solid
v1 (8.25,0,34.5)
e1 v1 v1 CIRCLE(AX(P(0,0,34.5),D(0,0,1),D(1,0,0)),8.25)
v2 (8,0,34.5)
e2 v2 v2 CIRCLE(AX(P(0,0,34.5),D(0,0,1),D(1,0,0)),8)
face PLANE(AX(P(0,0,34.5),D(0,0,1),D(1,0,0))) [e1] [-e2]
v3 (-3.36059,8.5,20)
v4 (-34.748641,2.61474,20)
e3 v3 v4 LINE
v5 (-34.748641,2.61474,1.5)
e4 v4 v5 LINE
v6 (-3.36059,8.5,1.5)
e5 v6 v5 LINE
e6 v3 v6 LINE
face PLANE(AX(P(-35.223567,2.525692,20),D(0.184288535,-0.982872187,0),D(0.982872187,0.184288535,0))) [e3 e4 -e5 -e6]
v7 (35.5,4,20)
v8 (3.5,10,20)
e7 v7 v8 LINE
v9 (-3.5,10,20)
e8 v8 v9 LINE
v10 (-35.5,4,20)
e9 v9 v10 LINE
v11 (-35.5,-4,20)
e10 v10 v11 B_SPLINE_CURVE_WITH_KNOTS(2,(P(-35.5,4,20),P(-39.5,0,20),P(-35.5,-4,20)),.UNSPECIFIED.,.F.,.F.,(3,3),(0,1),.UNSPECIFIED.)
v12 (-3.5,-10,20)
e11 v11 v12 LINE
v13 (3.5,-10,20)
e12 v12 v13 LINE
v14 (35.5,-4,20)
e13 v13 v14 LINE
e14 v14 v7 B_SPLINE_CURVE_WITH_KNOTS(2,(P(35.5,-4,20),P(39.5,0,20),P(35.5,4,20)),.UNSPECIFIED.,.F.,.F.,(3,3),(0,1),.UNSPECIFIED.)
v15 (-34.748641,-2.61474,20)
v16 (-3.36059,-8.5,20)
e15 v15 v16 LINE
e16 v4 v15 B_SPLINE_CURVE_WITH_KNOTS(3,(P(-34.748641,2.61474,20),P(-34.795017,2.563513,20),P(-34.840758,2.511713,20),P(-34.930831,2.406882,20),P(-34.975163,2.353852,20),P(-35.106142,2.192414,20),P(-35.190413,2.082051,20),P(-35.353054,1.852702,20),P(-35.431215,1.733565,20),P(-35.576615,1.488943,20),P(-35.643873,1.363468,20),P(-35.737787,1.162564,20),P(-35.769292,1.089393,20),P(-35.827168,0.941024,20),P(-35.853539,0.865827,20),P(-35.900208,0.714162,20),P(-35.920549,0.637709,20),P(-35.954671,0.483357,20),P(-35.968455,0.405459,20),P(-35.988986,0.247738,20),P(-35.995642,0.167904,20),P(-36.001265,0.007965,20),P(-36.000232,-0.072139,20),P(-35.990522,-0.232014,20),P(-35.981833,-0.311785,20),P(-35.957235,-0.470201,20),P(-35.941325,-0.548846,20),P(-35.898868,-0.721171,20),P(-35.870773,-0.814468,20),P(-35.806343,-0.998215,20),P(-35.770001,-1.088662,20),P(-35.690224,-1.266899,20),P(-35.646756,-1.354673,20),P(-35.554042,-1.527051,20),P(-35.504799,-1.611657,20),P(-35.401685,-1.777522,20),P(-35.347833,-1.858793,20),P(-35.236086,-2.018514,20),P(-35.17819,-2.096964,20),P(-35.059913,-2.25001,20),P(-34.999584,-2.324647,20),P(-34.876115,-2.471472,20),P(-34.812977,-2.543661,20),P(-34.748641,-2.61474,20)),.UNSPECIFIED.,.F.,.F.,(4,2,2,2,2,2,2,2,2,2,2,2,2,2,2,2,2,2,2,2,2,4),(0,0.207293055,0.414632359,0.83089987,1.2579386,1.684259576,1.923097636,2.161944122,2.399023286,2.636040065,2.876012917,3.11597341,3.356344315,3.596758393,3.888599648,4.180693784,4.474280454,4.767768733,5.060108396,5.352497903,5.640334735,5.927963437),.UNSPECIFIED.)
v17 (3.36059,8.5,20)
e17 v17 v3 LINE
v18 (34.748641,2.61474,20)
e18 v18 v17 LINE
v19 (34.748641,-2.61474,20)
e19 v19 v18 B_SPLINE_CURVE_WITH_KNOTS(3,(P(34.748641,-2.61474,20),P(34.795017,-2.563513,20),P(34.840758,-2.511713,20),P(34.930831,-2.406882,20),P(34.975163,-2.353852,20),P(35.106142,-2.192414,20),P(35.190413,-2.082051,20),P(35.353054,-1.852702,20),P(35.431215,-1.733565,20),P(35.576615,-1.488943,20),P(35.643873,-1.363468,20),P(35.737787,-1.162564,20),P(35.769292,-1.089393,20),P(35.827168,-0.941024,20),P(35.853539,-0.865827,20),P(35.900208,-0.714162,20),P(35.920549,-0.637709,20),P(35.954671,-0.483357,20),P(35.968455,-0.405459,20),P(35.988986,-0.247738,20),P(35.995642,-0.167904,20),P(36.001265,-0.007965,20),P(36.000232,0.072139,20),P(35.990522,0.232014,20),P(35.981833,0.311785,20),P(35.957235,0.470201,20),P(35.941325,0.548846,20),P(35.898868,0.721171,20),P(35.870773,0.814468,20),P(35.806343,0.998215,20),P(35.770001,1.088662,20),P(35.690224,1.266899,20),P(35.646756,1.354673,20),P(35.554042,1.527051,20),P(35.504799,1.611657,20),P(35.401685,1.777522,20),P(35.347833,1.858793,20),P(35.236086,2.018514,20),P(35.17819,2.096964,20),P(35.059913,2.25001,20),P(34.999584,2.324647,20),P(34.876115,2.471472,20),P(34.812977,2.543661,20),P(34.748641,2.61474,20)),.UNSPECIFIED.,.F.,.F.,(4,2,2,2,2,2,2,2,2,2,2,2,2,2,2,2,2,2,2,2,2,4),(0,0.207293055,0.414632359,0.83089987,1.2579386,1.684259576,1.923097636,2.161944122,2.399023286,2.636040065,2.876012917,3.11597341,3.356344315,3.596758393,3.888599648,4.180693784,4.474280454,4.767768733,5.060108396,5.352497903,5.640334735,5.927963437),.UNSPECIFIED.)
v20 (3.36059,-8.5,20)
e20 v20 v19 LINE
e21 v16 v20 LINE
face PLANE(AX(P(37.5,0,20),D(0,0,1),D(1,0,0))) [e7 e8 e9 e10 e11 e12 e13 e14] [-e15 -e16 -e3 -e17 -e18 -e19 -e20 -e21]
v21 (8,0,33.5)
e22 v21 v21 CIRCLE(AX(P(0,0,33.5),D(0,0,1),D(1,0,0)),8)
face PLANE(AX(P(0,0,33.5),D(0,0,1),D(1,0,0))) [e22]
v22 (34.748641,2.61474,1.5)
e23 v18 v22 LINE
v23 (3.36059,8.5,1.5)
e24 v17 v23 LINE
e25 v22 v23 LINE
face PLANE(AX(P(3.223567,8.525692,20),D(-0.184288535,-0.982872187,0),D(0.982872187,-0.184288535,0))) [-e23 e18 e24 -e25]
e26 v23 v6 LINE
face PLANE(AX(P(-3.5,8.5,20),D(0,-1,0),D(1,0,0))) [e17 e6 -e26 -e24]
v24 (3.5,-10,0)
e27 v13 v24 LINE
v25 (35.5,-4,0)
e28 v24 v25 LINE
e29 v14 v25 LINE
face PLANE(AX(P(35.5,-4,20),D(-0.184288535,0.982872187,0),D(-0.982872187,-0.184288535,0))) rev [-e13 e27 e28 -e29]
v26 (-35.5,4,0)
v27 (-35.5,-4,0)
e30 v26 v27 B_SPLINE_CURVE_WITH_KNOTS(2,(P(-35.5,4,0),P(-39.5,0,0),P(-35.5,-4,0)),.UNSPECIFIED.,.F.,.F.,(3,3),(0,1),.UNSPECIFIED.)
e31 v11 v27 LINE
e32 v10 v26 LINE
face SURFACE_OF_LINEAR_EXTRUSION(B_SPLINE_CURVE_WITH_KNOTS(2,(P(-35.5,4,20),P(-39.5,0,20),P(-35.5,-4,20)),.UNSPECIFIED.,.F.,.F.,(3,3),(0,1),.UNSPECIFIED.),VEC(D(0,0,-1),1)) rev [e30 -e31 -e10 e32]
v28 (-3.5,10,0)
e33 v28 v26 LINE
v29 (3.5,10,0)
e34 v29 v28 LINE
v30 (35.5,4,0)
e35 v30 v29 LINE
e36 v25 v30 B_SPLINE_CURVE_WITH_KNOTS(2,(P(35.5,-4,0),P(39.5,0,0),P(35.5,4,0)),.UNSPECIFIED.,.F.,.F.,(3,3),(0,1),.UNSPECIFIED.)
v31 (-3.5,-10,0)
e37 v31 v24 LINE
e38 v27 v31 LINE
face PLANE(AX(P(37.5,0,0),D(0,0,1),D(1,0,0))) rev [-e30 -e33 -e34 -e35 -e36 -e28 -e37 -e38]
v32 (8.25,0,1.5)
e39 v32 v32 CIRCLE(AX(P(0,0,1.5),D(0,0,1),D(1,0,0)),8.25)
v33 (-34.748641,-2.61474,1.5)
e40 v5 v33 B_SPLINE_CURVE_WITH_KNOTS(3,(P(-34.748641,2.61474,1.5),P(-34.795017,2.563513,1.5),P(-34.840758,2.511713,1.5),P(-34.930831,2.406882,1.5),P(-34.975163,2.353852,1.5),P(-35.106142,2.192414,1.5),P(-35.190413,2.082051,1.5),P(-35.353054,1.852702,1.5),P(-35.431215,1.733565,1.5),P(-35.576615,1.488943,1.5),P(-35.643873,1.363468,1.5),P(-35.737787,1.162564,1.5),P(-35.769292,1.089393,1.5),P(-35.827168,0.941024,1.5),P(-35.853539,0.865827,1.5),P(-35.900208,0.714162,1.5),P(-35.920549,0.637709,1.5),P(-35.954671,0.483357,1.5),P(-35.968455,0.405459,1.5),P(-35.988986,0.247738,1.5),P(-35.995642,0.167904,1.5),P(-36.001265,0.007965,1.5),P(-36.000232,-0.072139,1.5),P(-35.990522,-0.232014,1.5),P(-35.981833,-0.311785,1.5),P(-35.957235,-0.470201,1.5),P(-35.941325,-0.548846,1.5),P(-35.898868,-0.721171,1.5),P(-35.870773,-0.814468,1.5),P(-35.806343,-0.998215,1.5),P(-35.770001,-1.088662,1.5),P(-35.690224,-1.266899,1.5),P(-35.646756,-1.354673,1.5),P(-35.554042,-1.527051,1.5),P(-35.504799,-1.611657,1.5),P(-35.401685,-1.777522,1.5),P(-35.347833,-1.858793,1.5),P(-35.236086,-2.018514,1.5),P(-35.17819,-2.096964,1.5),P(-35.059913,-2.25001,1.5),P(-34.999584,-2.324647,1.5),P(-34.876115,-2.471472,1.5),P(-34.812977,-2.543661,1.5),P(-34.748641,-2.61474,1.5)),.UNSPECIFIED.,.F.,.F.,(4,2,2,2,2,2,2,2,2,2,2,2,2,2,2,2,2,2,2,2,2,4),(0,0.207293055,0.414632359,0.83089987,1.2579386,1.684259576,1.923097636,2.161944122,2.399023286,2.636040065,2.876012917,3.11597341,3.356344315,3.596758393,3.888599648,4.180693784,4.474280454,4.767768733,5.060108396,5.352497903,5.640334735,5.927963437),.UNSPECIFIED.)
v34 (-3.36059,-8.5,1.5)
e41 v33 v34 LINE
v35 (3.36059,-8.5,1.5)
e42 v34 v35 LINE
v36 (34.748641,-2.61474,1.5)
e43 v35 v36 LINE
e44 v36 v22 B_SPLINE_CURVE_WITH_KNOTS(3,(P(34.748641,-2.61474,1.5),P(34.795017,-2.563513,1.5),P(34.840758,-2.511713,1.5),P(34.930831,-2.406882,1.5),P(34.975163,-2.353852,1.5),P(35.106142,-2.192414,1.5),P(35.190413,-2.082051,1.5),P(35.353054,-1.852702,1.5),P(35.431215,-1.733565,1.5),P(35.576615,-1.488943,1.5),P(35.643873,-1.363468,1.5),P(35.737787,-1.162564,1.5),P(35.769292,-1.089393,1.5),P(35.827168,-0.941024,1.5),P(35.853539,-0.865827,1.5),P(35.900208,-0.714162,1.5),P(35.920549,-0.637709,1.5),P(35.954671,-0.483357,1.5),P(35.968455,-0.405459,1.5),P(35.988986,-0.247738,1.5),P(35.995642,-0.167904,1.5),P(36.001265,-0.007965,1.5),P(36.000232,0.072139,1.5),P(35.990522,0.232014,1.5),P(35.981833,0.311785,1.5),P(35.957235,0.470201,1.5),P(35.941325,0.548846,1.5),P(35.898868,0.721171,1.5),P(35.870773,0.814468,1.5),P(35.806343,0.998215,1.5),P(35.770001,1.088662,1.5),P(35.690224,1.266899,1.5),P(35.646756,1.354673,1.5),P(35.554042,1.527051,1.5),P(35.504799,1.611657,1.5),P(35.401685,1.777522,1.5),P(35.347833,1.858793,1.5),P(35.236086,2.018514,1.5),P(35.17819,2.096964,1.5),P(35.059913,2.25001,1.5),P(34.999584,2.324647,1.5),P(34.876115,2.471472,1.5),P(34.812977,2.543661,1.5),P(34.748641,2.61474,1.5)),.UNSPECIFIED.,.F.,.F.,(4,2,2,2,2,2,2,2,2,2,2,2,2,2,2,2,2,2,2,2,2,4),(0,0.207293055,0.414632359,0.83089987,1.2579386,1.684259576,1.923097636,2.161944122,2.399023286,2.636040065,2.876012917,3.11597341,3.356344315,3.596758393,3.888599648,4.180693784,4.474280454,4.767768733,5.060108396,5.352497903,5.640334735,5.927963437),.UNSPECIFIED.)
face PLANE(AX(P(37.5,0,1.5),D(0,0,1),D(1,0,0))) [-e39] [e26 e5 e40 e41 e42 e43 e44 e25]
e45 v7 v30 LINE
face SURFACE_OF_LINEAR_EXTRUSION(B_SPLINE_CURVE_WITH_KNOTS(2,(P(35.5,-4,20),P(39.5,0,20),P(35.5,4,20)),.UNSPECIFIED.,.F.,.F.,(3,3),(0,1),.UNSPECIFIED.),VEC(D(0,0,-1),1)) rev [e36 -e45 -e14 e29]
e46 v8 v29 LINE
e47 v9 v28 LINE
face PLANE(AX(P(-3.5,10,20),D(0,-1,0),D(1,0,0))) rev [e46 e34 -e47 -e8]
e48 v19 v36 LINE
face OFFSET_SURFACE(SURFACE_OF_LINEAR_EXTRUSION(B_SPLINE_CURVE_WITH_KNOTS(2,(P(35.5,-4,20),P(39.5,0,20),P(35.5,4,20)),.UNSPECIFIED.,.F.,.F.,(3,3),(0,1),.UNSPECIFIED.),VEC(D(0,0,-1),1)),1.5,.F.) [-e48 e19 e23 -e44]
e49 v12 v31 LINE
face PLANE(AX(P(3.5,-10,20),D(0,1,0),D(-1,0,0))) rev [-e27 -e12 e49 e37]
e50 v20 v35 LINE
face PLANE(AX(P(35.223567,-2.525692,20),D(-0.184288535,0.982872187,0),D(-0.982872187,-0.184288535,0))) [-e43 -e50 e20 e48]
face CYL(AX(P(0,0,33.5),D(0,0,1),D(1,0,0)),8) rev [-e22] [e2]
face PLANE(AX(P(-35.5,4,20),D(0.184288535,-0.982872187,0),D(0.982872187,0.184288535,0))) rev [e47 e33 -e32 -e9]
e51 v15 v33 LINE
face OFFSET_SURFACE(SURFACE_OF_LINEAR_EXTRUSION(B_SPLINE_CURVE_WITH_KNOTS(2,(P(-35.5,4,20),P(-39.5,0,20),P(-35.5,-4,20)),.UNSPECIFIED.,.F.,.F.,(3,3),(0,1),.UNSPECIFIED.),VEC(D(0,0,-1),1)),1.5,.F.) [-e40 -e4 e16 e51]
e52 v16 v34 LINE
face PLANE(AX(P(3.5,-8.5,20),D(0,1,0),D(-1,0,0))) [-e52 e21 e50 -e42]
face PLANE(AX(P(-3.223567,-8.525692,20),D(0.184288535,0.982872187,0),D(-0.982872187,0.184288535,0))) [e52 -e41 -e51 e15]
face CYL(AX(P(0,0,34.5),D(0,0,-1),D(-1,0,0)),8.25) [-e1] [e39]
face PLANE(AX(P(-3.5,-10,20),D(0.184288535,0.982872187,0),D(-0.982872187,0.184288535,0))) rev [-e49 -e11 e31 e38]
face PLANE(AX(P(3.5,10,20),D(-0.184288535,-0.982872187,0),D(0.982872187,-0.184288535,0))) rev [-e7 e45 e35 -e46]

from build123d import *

# Parameters (mm, degrees)
BOSS_EXTRUDE1_DEPTH = 20
SHELL2_T            = -1.5
SKETCH4_R           = 8.25
BOSS_EXTRUDE6_DEPTH = 33
SKETCH5_R           = 8
CUT_EXTRUDE1_DEPTH  = 1


with BuildPart() as part:
    # Sketch1 → Boss-Extrude1 (new body)
    with BuildSketch(Plane.XY):
        with BuildLine():
            Line((-35.5, 4), (-3.5, 10))
            Line((-3.5, 10), (3.5, 10))
            Line((3.5, 10), (35.5, 4))
            add(Edge.make_bspline(
                [(35.5, 4), (39.5, 0), (35.5, -4)],
                knots=[0, 0, 0, 1, 1, 1], degree=2))
            Line((35.5, -4), (3.5, -10))
            Line((3.5, -10), (-3.5, -10))
            Line((-3.5, -10), (-35.5, -4))
            add(Edge.make_bspline(
                [(-35.5, 4), (-39.5, 0), (-35.5, -4)],
                knots=[0, 0, 0, 1, 1, 1], degree=2))
        make_face()
    extrude(amount=BOSS_EXTRUDE1_DEPTH)

    # Shell2
    shell2_openings = [part.faces().sort_by_distance(p)[0] for p in [
        (0, 0, 20),
    ]]
    offset(amount=SHELL2_T, openings=shell2_openings, kind=Kind.INTERSECTION)

    # Sketch4 → Boss-Extrude6 (add)
    with BuildSketch(Plane.XY.offset(1.5)):
        Circle(SKETCH4_R)
    extrude(amount=BOSS_EXTRUDE6_DEPTH)

    # Sketch5 → Cut-Extrude1 (cut)
    with BuildSketch(Plane.XY.offset(34.5)):
        Circle(SKETCH5_R)
    extrude(amount=-CUT_EXTRUDE1_DEPTH, mode=Mode.SUBTRACT)


solid = part.part
